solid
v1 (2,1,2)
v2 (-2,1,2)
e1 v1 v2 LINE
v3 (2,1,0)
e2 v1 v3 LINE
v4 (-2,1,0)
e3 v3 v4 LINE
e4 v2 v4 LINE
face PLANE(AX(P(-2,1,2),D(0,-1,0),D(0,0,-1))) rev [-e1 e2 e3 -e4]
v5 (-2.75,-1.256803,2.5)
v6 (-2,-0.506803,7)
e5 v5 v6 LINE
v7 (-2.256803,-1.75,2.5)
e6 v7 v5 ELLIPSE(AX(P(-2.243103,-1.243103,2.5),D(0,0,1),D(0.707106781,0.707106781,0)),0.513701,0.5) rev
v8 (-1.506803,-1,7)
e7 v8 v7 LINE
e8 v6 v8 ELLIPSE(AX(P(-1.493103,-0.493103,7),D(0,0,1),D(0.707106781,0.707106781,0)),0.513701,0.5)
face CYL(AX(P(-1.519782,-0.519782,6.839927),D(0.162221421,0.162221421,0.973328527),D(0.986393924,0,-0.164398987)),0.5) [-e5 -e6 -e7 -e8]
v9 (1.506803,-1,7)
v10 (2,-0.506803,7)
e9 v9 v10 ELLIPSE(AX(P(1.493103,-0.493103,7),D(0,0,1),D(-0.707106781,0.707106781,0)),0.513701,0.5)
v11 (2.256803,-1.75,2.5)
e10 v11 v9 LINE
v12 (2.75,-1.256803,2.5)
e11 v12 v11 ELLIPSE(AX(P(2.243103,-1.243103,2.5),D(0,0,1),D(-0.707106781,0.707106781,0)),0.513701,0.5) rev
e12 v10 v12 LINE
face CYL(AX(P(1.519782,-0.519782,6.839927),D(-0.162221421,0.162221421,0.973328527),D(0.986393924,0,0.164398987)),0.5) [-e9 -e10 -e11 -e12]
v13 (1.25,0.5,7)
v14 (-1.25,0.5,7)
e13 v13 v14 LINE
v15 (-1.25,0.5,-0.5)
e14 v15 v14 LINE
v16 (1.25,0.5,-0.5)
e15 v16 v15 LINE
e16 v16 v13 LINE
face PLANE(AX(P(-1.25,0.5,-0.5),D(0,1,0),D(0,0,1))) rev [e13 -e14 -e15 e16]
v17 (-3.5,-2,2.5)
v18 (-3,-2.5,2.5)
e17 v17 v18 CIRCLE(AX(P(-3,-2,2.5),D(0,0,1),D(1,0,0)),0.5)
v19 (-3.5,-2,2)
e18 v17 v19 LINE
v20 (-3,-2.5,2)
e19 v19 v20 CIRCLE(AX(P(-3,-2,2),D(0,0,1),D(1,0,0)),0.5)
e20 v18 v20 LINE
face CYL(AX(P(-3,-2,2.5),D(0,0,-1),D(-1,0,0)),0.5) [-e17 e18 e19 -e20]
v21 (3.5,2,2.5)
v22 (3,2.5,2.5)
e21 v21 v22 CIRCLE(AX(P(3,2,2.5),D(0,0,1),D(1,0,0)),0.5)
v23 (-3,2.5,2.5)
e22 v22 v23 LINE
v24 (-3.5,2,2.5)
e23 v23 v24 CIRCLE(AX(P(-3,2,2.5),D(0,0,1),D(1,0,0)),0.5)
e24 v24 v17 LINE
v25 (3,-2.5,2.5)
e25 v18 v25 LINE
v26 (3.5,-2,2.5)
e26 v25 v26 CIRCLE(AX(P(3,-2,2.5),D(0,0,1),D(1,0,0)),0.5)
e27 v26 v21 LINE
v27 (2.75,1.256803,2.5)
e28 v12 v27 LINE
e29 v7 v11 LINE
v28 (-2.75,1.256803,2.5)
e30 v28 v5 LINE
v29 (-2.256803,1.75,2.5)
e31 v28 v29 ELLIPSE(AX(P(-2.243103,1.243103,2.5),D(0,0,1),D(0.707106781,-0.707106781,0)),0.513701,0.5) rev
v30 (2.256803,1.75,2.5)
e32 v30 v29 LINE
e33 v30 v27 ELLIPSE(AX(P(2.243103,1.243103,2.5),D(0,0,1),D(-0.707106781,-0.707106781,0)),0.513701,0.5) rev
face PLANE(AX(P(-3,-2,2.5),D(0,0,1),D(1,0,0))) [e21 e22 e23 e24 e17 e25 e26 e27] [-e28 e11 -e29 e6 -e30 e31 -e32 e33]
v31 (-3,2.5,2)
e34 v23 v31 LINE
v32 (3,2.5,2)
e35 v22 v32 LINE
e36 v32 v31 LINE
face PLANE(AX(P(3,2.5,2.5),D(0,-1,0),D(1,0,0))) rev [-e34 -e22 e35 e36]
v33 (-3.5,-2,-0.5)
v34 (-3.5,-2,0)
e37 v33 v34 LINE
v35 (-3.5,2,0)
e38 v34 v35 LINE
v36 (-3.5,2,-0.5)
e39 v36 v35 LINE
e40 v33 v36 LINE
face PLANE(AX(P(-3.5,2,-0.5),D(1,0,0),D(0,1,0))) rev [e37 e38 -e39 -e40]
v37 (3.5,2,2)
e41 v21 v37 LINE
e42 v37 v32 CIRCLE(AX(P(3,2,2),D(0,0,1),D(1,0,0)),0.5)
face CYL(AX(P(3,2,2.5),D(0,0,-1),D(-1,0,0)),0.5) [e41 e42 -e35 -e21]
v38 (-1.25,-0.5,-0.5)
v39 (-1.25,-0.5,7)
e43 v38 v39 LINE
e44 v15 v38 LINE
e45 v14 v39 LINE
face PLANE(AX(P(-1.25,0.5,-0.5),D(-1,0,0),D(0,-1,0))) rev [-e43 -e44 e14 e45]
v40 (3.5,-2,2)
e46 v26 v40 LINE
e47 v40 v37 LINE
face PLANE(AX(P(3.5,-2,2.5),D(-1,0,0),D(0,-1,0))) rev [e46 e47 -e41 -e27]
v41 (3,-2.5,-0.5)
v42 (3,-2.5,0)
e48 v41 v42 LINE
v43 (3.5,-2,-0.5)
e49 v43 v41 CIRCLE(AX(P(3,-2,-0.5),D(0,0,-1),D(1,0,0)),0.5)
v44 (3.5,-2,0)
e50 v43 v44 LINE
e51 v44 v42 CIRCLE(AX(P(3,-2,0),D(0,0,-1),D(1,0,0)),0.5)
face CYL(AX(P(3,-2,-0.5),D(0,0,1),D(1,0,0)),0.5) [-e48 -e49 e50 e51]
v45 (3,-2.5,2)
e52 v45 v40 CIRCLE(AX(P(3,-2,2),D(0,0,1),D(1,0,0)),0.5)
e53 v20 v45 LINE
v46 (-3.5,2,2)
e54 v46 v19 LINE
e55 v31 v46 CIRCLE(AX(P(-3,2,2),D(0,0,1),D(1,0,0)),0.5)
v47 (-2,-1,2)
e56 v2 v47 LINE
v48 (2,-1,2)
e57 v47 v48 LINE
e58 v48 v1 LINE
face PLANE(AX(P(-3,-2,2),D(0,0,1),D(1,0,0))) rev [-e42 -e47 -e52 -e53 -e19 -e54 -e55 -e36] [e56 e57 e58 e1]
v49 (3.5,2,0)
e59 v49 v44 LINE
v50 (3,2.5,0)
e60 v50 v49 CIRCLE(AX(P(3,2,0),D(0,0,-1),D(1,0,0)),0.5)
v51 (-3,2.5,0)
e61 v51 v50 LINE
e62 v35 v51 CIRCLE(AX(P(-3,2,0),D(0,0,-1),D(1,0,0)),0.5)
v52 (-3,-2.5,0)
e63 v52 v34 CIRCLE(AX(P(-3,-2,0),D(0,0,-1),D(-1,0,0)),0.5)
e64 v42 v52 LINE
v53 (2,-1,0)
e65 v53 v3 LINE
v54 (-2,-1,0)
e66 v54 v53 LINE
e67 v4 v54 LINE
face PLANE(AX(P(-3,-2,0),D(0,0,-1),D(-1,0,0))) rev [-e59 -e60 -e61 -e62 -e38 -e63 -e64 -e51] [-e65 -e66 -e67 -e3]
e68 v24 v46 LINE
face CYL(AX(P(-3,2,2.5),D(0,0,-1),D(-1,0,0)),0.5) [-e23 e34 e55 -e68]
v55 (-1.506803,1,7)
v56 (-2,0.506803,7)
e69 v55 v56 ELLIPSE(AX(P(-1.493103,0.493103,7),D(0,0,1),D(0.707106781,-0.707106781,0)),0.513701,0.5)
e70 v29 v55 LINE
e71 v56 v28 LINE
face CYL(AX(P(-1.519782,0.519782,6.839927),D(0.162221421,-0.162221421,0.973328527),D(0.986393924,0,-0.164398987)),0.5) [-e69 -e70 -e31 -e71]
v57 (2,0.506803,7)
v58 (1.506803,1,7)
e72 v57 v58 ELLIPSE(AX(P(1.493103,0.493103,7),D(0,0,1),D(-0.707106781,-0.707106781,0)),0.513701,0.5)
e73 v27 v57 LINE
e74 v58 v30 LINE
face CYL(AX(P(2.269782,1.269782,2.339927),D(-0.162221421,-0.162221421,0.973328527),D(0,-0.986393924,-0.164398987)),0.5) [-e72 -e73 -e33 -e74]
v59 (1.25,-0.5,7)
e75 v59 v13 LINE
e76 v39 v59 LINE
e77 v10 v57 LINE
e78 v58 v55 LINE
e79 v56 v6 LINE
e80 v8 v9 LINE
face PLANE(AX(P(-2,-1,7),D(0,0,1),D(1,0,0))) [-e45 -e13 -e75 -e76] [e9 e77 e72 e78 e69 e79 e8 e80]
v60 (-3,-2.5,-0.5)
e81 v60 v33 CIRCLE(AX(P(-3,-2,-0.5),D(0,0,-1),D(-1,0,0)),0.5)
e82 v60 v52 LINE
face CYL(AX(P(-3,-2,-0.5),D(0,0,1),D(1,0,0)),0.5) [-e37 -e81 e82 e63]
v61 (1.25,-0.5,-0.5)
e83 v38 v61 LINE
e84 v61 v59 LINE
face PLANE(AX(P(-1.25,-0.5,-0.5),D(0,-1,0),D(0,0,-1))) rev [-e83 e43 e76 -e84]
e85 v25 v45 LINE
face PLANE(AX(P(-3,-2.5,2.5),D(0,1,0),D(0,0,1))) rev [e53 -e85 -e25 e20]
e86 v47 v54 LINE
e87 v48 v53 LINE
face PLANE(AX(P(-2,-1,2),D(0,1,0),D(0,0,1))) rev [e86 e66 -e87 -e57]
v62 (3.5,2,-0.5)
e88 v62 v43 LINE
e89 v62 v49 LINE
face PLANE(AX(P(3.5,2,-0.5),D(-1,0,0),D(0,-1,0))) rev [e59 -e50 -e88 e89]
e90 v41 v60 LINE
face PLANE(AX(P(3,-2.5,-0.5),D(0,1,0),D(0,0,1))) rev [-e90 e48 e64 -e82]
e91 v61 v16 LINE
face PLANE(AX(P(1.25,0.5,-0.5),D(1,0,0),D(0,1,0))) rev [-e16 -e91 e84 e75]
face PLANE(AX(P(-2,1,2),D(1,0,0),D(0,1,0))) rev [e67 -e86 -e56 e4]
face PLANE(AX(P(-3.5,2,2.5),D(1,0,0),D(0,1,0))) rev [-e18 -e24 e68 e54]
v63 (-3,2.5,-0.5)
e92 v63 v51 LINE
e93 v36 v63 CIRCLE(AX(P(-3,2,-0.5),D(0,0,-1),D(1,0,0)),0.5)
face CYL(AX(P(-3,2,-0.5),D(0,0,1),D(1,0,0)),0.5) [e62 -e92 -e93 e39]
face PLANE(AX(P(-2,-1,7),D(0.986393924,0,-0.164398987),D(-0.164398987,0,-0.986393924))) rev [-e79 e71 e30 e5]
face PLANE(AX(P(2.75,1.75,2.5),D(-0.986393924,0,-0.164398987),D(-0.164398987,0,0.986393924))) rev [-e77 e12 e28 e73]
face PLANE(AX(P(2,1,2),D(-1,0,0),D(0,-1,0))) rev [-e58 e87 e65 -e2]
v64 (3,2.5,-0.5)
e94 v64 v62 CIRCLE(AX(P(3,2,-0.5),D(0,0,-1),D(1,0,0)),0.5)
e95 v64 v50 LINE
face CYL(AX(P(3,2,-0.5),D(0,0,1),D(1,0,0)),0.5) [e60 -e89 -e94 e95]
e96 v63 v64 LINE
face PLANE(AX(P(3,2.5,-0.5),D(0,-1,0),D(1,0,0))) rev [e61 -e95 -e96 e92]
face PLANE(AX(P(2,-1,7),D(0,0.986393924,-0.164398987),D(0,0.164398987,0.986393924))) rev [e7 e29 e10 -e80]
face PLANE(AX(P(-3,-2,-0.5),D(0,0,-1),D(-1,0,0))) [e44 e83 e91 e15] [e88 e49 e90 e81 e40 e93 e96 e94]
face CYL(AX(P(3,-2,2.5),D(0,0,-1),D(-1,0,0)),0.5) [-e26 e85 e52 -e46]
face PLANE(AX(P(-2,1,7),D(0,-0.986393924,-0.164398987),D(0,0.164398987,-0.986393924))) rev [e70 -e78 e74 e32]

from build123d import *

# Parameters (mm, degrees)
ESQUISSE1_W             = 4
ESQUISSE1_H             = 2
BASE_EXTRUSION_DEPTH    = 2
BOSS_EXTRU_1_DEPTH      = 0.5
BOSS_EXTRU_2_DEPTH      = 0.5
ESQUISSE4_W             = 5.5
ESQUISSE4_H             = 3.5
ESQUISSE5_W             = 4
ESQUISSE5_H             = 2
CONG_1_R                = 0.5
ESQUISSE6_W             = 2.5
ESQUISSE6_H             = 1
ENL_V_MAT_EXTRU_1_DEPTH = 8.5


with BuildPart() as part:
    # Esquisse1 → Base-Extrusion (new body)
    with BuildSketch(Plane.XY):
        Rectangle(ESQUISSE1_W, ESQUISSE1_H)
    extrude(amount=BASE_EXTRUSION_DEPTH)

    # Esquisse2 → Boss.-Extru.1 (add)
    with BuildSketch(Plane(origin=(0, 0, 0), x_dir=(-1, 0, 0), z_dir=(0, 0, -1))):
        with BuildLine():
            Line((-3, 2.5), (3, 2.5))
            ThreePointArc((3, 2.5), (3.353553391, 2.353553391), (3.5, 2))
            Line((3.5, 2), (3.5, -2))
            ThreePointArc((3.5, -2), (3.353553391, -2.353553391), (3, -2.5))
            Line((3, -2.5), (-3, -2.5))
            ThreePointArc((-3, -2.5), (-3.353553391, -2.353553391), (-3.5, -2))
            Line((-3.5, -2), (-3.5, 2))
            ThreePointArc((-3.5, 2), (-3.353553391, 2.353553391), (-3, 2.5))
        make_face()
    extrude(amount=BOSS_EXTRU_1_DEPTH)

    # Esquisse3 → Boss.-Extru.2 (add)
    with BuildSketch(Plane.XY.offset(2)):
        with BuildLine():
            Line((-3, -2.5), (3, -2.5))
            ThreePointArc((3, -2.5), (3.353553391, -2.353553391), (3.5, -2))
            Line((3.5, -2), (3.5, 2))
            ThreePointArc((3.5, 2), (3.353553391, 2.353553391), (3, 2.5))
            Line((3, 2.5), (-3, 2.5))
            ThreePointArc((-3, 2.5), (-3.353553391, 2.353553391), (-3.5, 2))
            Line((-3.5, 2), (-3.5, -2))
            ThreePointArc((-3.5, -2), (-3.353553391, -2.353553391), (-3, -2.5))
        make_face()
    extrude(amount=BOSS_EXTRU_2_DEPTH)

    # Esquisse4 → Boss.-Lissage1 section 0
    with BuildSketch(Plane.XY.offset(2.5)):
        Rectangle(ESQUISSE4_W, ESQUISSE4_H)
    # Esquisse5 → Boss.-Lissage1 section 1
    with BuildSketch(Plane.XY.offset(7)):
        Rectangle(ESQUISSE5_W, ESQUISSE5_H)
    loft()

    # Congé1
    cong_1_edges = [part.edges().sort_by_distance(p)[0] for p in [
        (-2.375, 1.375, 4.75),
        (2.375, 1.375, 4.75),
        (-2.375, -1.375, 4.75),
        (2.375, -1.375, 4.75),
    ]]
    fillet(cong_1_edges, radius=CONG_1_R)

    # Esquisse6 → Enlèv. mat.-Extru.1 (cut, through all)
    with BuildSketch(Plane.XY.offset(7)):
        Rectangle(ESQUISSE6_W, ESQUISSE6_H)
    extrude(amount=-ENL_V_MAT_EXTRU_1_DEPTH, mode=Mode.SUBTRACT)


solid = part.part
